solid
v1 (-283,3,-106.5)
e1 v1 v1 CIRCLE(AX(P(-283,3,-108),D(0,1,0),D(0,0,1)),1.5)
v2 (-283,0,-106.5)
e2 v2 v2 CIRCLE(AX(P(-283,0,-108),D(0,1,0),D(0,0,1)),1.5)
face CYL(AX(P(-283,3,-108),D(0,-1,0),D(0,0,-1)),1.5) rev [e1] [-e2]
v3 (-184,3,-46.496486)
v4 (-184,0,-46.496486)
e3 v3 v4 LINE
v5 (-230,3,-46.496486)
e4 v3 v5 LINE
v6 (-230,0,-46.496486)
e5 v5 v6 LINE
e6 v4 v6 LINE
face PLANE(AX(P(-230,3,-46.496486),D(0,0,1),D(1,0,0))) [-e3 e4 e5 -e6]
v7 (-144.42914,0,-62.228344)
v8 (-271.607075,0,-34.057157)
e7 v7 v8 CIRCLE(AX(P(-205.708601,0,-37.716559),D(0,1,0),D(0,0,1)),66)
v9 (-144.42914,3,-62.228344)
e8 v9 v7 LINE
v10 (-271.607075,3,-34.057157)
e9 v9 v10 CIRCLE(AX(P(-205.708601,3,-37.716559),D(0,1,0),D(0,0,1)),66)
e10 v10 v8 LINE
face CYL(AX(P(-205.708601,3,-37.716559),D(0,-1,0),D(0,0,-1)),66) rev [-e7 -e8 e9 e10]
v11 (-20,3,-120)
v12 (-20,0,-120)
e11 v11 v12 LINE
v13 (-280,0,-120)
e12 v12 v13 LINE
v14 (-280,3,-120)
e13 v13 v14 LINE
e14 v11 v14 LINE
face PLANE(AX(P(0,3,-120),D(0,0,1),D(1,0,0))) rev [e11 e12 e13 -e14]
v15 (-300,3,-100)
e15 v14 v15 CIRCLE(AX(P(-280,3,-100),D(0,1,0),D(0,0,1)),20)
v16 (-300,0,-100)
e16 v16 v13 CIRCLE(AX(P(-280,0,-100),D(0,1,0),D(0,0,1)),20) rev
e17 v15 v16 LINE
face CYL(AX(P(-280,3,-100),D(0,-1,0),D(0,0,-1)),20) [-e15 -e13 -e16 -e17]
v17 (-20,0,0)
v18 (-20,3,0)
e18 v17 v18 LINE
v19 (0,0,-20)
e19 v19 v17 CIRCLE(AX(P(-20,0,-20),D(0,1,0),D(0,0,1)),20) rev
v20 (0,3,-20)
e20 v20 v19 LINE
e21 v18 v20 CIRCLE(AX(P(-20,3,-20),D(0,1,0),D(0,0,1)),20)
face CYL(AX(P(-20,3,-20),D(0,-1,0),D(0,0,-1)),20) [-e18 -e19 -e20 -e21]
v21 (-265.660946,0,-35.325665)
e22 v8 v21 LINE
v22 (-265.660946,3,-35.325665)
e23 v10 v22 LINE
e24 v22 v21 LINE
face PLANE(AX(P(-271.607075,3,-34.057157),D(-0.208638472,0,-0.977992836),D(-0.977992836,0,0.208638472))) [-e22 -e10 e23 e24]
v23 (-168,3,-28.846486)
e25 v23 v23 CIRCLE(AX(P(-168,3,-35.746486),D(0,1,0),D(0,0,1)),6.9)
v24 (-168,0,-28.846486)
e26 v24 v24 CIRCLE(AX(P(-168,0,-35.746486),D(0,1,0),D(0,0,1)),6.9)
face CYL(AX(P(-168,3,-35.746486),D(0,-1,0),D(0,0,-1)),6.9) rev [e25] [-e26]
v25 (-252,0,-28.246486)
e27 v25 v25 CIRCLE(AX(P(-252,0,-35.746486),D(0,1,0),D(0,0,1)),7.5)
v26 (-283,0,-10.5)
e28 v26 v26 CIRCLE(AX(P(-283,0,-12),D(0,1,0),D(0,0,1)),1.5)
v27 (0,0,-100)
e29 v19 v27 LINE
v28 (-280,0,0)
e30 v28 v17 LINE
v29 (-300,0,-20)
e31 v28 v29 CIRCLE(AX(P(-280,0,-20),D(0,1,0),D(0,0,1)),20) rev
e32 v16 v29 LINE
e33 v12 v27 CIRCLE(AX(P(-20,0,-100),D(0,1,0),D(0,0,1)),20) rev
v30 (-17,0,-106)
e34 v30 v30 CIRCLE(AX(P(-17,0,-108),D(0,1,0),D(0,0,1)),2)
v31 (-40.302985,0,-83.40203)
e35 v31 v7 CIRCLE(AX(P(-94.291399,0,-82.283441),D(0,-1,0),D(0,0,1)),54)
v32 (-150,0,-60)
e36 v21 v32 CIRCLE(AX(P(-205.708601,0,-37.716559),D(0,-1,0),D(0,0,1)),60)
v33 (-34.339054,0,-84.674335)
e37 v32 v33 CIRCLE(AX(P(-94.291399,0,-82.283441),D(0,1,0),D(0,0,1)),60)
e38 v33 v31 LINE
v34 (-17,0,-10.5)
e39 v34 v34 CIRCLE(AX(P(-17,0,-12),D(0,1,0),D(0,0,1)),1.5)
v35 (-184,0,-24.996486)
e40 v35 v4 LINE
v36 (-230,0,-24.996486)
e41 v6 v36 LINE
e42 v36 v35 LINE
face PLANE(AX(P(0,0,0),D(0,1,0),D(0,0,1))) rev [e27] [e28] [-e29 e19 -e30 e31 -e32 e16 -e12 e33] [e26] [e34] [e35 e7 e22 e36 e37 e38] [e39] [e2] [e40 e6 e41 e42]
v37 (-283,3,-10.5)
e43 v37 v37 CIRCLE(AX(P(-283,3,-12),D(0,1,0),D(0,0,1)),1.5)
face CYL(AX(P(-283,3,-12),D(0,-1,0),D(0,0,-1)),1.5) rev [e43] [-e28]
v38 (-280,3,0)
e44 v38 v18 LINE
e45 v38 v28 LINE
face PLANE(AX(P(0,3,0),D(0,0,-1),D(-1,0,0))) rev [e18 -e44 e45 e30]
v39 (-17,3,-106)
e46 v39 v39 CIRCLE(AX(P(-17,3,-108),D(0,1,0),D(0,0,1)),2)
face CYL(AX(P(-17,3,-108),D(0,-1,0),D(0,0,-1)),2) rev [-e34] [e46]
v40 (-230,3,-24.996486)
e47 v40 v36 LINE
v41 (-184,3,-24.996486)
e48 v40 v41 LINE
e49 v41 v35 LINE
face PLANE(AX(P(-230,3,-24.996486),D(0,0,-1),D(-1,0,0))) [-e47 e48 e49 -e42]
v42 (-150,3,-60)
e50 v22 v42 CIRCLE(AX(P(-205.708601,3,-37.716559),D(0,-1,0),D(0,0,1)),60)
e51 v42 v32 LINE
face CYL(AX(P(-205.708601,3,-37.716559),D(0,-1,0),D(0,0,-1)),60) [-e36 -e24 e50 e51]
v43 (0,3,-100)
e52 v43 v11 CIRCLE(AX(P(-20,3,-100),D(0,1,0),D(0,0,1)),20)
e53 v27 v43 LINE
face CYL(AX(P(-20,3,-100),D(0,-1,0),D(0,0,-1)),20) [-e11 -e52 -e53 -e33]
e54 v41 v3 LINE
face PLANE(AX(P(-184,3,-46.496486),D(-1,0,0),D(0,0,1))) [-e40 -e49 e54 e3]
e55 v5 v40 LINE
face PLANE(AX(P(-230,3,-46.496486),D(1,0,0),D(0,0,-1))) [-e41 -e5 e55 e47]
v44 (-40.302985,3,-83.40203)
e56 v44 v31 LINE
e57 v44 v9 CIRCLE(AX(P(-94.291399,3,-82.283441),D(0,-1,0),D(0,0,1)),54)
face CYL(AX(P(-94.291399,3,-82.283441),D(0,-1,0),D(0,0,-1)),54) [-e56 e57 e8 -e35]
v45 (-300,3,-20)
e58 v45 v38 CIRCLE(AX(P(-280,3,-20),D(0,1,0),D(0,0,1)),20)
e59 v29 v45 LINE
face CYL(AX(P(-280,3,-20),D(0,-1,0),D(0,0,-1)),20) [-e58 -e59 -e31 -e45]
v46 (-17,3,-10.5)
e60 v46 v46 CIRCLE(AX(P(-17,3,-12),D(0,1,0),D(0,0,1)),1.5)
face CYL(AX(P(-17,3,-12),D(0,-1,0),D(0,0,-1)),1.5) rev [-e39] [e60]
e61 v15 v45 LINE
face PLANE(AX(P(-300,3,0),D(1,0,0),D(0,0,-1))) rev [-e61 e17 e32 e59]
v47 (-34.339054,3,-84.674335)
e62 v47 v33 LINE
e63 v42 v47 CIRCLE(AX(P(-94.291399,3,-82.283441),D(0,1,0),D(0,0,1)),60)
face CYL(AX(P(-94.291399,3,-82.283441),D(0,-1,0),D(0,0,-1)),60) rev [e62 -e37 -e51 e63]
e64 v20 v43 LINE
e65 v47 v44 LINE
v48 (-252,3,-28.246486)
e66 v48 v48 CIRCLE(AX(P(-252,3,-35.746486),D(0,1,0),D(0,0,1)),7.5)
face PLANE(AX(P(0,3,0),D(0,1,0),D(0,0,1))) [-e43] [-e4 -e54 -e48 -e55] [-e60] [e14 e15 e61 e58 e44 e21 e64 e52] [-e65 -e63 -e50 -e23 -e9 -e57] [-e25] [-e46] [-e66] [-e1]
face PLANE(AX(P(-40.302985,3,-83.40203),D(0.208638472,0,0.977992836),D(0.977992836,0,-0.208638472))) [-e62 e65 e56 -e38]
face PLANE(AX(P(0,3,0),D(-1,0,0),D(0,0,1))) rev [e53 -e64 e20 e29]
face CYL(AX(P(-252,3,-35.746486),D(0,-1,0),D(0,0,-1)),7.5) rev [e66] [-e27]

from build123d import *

# Parameters (mm, degrees)
SKETCH_2_W      = 300
SKETCH_2_H      = 120
SKETCH_2_R      = 1.5
SKETCH_2_R_2    = 2
SKETCH_2_R_3    = 6.9
SKETCH_2_R_4    = 7.5
SKETCH_2_W_2    = 46
SKETCH_2_H_2    = 21.5
EXTRUDE_2_DEPTH = 3
FILLET_1_R      = 20


with BuildPart() as part:
    # Эскиз2 → Бобышка-Вытянуть2 (new body)
    with BuildSketch(Plane(origin=(0, 0, 0), x_dir=(1, 0, 0), z_dir=(0, 1, 0))):
        with Locations((-150, 60)):
            Rectangle(SKETCH_2_W, SKETCH_2_H)
        with Locations((-283, 108)):
            Circle(SKETCH_2_R, mode=Mode.SUBTRACT)
        with Locations((-17, 108)):
            Circle(SKETCH_2_R_2, mode=Mode.SUBTRACT)
        with Locations((-17, 12)):
            Circle(SKETCH_2_R, mode=Mode.SUBTRACT)
        with Locations((-283, 12)):
            Circle(SKETCH_2_R, mode=Mode.SUBTRACT)
        with Locations((-168, 35.746485704)):
            Circle(SKETCH_2_R_3, mode=Mode.SUBTRACT)
        with Locations((-252, 35.746485704)):
            Circle(SKETCH_2_R_4, mode=Mode.SUBTRACT)
        with BuildLine():
            Line((-271.607074704, 34.057157396), (-265.660946054, 35.325664842))
            ThreePointArc((-265.660946054, 35.325664842), (-218.226909759, 96.396129604), (-150, 60))
            ThreePointArc((-150, 60), (-81.773090241, 23.603870396), (-34.339053946, 84.674335158))
            Line((-34.339053946, 84.674335158), (-40.302985362, 83.402029789))
            ThreePointArc((-40.302985362, 83.402029789), (-83.530907836, 29.366412701), (-144.429139855, 62.228344058))
            ThreePointArc((-144.429139855, 62.228344058), (-219.982275004, 102.154609074), (-271.607074704, 34.057157396))
        make_face(mode=Mode.SUBTRACT)
        with Locations((-207, 35.746485704)):
            Rectangle(SKETCH_2_W_2, SKETCH_2_H_2, mode=Mode.SUBTRACT)
    extrude(amount=EXTRUDE_2_DEPTH)

    # Скругление1
    fillet_1_edges = [part.edges().sort_by_distance(p)[0] for p in [
        (0, 1.5, 0),
        (-300, 1.5, 0),
        (-300, 1.5, -120),
        (0, 1.5, -120),
    ]]
    fillet(fillet_1_edges, radius=FILLET_1_R)


solid = part.part
